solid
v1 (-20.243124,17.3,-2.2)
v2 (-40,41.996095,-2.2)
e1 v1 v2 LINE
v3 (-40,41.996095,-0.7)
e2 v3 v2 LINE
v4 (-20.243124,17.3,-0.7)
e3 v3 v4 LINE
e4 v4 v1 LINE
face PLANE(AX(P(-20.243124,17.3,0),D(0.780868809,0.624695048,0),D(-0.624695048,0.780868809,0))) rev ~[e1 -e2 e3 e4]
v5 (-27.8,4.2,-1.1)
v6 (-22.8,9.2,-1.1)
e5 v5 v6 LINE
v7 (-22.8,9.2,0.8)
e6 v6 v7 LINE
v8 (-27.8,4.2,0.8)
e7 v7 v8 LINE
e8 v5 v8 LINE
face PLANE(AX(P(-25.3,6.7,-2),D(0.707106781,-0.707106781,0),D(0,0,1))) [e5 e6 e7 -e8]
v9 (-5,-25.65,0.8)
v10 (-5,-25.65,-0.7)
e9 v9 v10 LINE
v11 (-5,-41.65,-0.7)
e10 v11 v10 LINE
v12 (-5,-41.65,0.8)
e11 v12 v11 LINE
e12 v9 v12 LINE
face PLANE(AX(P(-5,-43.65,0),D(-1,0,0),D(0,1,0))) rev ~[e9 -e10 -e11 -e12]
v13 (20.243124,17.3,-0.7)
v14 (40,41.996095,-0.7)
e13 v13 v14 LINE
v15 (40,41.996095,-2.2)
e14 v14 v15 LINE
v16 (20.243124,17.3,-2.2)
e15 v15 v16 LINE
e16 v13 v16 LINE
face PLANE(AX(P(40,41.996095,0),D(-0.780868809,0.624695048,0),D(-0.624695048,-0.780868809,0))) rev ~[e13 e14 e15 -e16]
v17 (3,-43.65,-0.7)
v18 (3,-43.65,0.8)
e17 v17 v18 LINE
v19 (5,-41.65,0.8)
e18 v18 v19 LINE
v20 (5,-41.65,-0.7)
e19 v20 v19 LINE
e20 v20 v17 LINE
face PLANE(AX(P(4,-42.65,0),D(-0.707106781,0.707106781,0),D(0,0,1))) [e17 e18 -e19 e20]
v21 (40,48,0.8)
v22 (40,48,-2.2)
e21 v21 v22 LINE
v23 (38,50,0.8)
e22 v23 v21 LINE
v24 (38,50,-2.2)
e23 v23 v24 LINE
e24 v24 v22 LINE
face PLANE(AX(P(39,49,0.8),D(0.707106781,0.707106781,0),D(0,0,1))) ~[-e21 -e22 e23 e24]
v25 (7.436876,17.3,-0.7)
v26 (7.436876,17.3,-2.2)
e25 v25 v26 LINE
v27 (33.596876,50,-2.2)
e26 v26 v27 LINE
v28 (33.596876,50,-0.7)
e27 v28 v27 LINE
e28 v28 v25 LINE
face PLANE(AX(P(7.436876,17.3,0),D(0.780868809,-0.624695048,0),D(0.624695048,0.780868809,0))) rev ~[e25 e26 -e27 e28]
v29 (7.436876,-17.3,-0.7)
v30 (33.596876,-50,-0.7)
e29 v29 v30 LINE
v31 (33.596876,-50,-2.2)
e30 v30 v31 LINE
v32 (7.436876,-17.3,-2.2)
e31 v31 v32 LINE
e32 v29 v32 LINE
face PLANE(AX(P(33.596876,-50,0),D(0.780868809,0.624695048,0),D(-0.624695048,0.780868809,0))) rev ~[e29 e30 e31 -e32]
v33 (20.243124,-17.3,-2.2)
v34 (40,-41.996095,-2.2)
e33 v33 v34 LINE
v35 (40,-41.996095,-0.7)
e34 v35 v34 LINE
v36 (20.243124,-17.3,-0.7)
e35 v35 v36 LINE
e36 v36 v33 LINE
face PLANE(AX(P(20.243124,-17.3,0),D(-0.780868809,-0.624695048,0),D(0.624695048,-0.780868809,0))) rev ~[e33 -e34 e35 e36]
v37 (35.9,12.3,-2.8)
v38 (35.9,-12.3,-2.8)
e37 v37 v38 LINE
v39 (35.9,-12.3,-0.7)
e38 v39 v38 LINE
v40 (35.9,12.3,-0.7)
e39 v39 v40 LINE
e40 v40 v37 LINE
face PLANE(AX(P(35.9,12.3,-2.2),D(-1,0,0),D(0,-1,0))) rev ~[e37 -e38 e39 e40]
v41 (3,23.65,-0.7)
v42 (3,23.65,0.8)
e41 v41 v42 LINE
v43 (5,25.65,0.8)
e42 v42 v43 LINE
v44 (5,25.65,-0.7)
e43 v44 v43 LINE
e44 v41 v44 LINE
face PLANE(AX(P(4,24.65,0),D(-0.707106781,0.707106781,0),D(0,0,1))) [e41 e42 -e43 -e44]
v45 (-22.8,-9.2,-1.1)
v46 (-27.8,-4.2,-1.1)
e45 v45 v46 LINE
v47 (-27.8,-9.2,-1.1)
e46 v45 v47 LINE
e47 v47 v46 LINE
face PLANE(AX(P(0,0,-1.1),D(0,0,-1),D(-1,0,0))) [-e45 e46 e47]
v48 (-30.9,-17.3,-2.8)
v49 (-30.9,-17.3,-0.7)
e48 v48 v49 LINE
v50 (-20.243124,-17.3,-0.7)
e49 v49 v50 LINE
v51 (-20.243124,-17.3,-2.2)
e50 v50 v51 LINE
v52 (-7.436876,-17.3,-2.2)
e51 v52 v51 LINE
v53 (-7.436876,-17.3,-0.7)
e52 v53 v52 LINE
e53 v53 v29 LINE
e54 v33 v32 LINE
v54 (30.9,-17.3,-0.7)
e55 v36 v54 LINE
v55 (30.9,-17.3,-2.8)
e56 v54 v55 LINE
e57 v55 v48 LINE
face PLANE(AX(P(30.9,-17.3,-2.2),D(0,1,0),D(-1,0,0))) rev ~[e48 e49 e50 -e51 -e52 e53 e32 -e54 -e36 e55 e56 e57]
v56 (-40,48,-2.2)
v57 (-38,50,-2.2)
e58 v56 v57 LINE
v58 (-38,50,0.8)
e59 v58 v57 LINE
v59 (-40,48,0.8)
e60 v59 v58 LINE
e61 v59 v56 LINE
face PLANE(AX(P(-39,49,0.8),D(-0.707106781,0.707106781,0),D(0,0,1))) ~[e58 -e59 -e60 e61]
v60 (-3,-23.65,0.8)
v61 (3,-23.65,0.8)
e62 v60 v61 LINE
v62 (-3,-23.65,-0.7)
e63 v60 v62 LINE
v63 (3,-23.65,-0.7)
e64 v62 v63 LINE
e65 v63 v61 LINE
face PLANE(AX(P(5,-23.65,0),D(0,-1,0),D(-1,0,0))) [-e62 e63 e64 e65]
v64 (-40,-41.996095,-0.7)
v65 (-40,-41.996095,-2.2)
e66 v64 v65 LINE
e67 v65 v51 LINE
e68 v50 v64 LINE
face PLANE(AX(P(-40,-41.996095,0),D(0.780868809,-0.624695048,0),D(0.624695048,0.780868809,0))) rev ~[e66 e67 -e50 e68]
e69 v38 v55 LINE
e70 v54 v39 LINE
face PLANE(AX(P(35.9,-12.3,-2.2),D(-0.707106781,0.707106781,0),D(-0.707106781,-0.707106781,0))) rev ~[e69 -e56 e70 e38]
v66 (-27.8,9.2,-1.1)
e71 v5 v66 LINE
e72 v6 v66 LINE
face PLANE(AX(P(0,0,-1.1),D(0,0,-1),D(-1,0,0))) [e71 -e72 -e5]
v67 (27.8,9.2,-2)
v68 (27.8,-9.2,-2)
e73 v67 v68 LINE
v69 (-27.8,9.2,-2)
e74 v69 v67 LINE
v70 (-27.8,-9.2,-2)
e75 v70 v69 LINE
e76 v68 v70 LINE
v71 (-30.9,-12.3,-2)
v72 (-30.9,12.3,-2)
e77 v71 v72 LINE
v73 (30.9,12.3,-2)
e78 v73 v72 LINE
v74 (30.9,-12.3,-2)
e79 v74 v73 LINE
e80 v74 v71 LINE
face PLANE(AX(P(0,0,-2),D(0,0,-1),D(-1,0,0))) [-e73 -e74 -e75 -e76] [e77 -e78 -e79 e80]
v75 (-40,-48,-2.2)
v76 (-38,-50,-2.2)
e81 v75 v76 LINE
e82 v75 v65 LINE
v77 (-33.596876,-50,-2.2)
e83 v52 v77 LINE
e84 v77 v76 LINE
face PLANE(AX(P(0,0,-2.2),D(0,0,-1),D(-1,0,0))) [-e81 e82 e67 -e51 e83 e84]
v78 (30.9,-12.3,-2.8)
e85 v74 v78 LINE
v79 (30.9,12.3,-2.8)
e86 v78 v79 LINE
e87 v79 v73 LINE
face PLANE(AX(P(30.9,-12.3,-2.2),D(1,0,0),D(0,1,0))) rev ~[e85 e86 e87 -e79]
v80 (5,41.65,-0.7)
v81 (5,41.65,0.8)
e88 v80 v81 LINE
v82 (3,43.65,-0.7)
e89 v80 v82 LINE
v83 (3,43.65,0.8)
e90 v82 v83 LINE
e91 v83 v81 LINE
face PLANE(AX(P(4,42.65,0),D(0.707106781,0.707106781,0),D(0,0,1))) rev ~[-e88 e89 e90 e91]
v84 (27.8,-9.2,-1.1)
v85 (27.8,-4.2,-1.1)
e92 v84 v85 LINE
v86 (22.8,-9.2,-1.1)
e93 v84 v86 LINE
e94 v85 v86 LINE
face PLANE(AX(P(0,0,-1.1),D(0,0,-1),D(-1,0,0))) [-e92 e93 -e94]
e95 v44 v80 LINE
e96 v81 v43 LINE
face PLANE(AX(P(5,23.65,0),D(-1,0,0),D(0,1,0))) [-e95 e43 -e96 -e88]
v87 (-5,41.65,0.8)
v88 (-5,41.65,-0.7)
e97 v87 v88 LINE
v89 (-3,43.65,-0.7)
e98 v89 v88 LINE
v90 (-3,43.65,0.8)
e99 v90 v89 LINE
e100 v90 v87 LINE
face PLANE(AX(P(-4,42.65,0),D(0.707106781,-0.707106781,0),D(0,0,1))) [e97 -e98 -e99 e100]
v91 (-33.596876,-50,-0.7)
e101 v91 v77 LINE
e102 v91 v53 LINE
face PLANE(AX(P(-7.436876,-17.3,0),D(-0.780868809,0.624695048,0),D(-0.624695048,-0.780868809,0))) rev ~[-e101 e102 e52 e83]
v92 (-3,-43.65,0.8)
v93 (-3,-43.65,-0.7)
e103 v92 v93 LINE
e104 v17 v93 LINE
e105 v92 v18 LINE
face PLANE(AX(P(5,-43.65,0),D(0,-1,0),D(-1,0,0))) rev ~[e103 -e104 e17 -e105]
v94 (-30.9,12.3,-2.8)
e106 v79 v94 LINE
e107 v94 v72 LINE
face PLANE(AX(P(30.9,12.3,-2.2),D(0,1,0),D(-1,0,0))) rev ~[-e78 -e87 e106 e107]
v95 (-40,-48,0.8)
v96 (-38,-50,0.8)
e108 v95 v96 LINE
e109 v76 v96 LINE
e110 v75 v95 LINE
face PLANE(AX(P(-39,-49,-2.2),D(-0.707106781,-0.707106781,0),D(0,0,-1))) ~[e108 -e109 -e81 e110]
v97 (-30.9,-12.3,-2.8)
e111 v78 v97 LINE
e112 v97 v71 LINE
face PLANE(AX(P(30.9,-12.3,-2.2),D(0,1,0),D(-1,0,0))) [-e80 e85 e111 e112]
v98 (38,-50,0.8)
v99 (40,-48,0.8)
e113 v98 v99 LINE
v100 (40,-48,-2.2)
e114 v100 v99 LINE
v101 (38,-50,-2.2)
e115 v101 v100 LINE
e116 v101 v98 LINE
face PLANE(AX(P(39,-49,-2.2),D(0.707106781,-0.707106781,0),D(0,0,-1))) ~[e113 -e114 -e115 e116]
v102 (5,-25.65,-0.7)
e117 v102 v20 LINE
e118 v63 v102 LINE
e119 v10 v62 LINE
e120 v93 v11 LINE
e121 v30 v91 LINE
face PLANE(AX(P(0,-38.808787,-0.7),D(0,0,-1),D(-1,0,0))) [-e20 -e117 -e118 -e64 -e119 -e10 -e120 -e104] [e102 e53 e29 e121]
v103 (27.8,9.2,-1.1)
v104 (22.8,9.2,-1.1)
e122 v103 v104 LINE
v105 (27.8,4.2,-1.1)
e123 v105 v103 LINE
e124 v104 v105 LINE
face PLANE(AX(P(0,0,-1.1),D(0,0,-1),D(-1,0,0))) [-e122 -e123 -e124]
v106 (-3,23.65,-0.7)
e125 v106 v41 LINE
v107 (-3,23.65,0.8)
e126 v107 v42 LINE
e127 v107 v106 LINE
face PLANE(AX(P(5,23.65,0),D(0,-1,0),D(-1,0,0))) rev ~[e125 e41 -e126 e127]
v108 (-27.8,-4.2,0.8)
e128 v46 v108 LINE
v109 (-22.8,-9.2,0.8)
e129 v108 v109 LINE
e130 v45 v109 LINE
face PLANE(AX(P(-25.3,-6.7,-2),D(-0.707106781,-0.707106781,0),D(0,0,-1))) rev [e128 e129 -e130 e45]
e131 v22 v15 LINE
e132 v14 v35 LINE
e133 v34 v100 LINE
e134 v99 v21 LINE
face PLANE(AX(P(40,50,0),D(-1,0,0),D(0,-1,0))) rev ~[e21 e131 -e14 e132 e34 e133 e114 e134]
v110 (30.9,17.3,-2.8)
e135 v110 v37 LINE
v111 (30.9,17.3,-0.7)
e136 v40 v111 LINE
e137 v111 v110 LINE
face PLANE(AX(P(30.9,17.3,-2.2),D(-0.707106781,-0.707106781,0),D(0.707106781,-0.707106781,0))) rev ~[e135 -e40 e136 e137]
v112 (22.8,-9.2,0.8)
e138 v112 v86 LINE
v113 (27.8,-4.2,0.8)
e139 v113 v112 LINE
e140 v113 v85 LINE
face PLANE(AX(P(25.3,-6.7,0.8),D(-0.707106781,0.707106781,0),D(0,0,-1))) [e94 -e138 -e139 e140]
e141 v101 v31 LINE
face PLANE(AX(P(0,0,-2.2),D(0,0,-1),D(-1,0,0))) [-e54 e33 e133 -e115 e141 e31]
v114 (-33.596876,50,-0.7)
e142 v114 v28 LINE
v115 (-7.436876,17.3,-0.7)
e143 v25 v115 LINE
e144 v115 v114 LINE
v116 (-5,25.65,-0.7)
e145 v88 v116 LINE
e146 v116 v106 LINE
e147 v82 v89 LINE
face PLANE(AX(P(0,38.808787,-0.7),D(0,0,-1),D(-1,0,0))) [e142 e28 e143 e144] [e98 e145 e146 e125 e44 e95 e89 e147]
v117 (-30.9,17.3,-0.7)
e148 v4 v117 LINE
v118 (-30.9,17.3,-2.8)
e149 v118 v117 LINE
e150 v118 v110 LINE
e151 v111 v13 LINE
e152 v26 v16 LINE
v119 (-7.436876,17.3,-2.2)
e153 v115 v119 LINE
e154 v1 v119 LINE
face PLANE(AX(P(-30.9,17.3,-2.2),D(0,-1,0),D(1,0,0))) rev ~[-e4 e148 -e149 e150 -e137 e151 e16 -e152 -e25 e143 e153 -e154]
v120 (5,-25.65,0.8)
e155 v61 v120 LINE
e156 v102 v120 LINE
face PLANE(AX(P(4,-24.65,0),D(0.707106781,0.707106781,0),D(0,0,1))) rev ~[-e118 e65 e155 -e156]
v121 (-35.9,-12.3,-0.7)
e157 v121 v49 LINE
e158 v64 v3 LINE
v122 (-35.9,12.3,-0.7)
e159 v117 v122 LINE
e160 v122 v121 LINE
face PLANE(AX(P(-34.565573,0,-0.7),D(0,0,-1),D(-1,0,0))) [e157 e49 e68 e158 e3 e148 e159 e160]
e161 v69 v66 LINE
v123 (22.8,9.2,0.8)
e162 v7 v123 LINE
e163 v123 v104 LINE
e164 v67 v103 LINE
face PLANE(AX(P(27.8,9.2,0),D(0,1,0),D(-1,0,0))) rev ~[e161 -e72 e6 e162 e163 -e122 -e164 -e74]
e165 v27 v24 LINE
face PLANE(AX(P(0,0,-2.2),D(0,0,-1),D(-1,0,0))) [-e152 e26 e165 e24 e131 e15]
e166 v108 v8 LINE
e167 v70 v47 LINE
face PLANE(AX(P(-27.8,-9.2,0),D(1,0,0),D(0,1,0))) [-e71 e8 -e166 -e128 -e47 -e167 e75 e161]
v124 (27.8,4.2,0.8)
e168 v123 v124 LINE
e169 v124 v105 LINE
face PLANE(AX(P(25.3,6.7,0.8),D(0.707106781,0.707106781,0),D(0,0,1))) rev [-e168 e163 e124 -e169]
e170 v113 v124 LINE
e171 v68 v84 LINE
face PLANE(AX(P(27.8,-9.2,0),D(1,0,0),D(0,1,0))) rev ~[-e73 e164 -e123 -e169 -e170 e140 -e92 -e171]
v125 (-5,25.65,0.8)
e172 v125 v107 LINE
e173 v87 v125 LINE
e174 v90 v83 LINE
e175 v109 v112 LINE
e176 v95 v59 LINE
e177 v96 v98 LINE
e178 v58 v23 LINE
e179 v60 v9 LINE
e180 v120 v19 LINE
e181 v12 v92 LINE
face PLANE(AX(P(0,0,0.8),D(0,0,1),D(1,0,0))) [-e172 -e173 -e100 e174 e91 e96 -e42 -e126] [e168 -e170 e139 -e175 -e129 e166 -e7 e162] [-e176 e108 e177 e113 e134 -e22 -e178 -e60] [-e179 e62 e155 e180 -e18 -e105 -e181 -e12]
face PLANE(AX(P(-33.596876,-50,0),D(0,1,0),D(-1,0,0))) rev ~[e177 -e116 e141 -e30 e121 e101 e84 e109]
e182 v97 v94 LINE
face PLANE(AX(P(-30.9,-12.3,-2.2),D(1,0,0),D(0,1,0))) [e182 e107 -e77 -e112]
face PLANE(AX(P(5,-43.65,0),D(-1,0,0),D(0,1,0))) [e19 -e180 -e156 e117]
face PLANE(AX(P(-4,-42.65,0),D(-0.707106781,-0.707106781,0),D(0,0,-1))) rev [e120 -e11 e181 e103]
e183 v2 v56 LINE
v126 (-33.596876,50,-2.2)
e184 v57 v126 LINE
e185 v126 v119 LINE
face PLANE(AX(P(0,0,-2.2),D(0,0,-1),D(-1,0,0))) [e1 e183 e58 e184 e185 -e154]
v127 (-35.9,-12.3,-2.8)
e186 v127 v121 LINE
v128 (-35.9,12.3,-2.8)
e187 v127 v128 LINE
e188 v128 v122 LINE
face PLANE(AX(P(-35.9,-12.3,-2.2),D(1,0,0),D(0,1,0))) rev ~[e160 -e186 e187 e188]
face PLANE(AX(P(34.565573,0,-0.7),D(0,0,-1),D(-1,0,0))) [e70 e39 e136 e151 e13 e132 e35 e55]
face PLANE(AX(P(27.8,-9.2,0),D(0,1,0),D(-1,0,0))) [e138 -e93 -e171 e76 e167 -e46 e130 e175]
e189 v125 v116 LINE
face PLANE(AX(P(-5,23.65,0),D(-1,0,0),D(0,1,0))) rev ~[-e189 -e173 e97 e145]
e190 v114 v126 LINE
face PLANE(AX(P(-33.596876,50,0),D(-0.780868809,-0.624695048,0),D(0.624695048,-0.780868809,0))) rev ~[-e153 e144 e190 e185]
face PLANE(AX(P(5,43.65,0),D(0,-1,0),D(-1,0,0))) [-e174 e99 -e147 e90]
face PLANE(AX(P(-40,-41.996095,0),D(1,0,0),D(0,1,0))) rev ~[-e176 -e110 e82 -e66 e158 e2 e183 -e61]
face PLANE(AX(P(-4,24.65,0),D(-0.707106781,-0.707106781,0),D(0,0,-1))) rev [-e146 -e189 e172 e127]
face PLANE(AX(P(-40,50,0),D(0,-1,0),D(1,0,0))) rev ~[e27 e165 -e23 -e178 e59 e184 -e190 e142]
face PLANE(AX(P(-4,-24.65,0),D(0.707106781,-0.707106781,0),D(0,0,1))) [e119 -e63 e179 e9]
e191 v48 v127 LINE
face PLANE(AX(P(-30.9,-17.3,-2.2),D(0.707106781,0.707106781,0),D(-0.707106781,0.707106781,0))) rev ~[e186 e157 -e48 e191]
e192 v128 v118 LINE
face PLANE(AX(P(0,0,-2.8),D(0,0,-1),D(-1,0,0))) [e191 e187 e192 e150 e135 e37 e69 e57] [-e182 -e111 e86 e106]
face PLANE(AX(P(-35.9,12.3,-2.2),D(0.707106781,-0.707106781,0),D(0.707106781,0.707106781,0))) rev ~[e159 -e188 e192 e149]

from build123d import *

# Parameters (mm, degrees)
ESBO_O2_W                = 80
ESBO_O2_H                = 100
ESBO_O2_W_2              = 55.6
ESBO_O2_H_2              = 18.4
RESSALTO_EXTRUS_O1_DEPTH = 0.8
RESSALTO_EXTRUS_O2_DEPTH = 2.2
CHANFRO3_SIZE            = 5
ESBO_O5_W                = 10
ESBO_O5_H                = 20
CORTE_EXTRUS_O1_DEPTH    = 10
CHANFRO4_SIZE            = 2
CHANFRO5_SIZE            = 2
RESSALTO_EXTRUS_O3_DEPTH = 0.7
ESBO_O7_W                = 61.8
ESBO_O7_H                = 24.6
ESBO_O7_W_2              = 55.6
ESBO_O7_H_2              = 18.4
RESSALTO_EXTRUS_O4_DEPTH = 2
ESBO_O8_W                = 61.8
ESBO_O8_H                = 24.6
RESSALTO_EXTRUS_O5_DEPTH = 0.6
CHANFRO6_SIZE            = 5
ESBO_O11_W               = 55.6
ESBO_O11_H               = 18.4
CORTE_EXTRUS_O2_DEPTH    = 0.9


with BuildPart() as part:
    # Esboço2 → Ressalto-extrusão1 (new body)
    with BuildSketch(Plane.XY):
        Rectangle(ESBO_O2_W, ESBO_O2_H)
        Rectangle(ESBO_O2_W_2, ESBO_O2_H_2, mode=Mode.SUBTRACT)
    extrude(amount=RESSALTO_EXTRUS_O1_DEPTH)

    # Esboço4 → Ressalto-extrusão2 (add)
    with BuildSketch(Plane(origin=(0, 0, 0), x_dir=(-1, 0, 0), z_dir=(0, 0, -1))):
        Polygon((40, -41.996094703), (20.243124237, -17.3), (35.9, -17.3), (35.9, 17.3), (20.243124237, 17.3), (40, 41.996094703), (40, 50), (33.596875763, 50), (7.436875763, 17.3), (-7.436875763, 17.3), (-33.596875763, 50), (-40, 50), (-40, 41.996094703), (-20.243124237, 17.3), (-35.9, 17.3), (-35.9, -17.3), (-20.243124237, -17.3), (-40, -41.996094703), (-40, -50), (-33.596875763, -50), (-7.436875763, -17.3), (7.436875763, -17.3), (33.596875763, -50), (40, -50), align=None)
        Polygon((3.436875763, 12.3), (5, 12.3), (16.243124237, 12.3), (30.9, 12.3), (30.9, -12.3), (16.243124237, -12.3), (5, -12.3), (3.436875763, -12.3), (-3.436875763, -12.3), (-5, -12.3), (-16.243124237, -12.3), (-30.9, -12.3), (-30.9, 12.3), (-16.243124237, 12.3), (-5, 12.3), (-2.810379517, 12.3), align=None, mode=Mode.SUBTRACT)
    extrude(amount=RESSALTO_EXTRUS_O2_DEPTH)

    # Chanfro3
    chanfro3_edges = [part.edges().sort_by_distance(p)[0] for p in [
        (-35.9, 17.3, -1.1),
        (35.9, 17.3, -1.1),
        (35.9, -17.3, -1.1),
        (-35.9, -17.3, -1.1),
    ]]
    chamfer(chanfro3_edges, length=CHANFRO3_SIZE)

    # Esboço5 → Corte-extrusão1 (cut)
    with BuildSketch(Plane(origin=(0, 0, 0), x_dir=(-1, 0, 0), z_dir=(0, 0, -1))):
        with Locations((0, 33.65)):
            Rectangle(ESBO_O5_W, ESBO_O5_H)
        with Locations((0, -33.65)):
            Rectangle(ESBO_O5_W, ESBO_O5_H)
    extrude(amount=-CORTE_EXTRUS_O1_DEPTH, mode=Mode.SUBTRACT)

    # Chanfro4
    chanfro4_edges = [part.edges().sort_by_distance(p)[0] for p in [
        (-5, 43.65, 0.4),
        (-5, 23.65, 0.4),
        (5, 23.65, 0.4),
        (5, 43.65, 0.4),
        (-5, -23.65, 0.4),
        (-5, -43.65, 0.4),
        (5, -43.65, 0.4),
        (5, -23.65, 0.4),
    ]]
    chamfer(chanfro4_edges, length=CHANFRO4_SIZE)

    # Chanfro5
    chanfro5_edges = [part.edges().sort_by_distance(p)[0] for p in [
        (-40, 50, -0.7),
        (40, 50, -0.7),
        (40, -50, -0.7),
        (-40, -50, -0.7),
    ]]
    chamfer(chanfro5_edges, length=CHANFRO5_SIZE)

    # Esboço6 → Ressalto-extrusão3 (add)
    # profile 1 of 4: a face of its own
    with BuildSketch(Plane(origin=(0, 0, 0), x_dir=(-1, 0, 0), z_dir=(0, 0, -1))):
        Polygon((30.9, -17.3), (20.243124237, -17.3), (40, -41.996094703), (40, 41.996094703), (20.243124237, 17.3), (30.9, 17.3), (35.9, 12.3), (35.9, -12.3), align=None)
    # profile 2 of 4: a face of its own
    with BuildSketch(Plane(origin=(0, 0, 0), x_dir=(-1, 0, 0), z_dir=(0, 0, -1))):
        Polygon((33.596875763, 50), (-33.596875763, 50), (-7.436875763, 17.3), (7.436875763, 17.3), align=None)
        Polygon((3, 43.65), (5, 41.65), (5, 25.65), (3, 23.65), (-3, 23.65), (-5, 25.65), (-5, 41.65), (-3, 43.65), align=None, mode=Mode.SUBTRACT)
    # profile 3 of 4: a face of its own
    with BuildSketch(Plane(origin=(0, 0, 0), x_dir=(-1, 0, 0), z_dir=(0, 0, -1))):
        Polygon((-40, -41.996094703), (-20.243124237, -17.3), (-30.9, -17.3), (-35.9, -12.3), (-35.9, 12.3), (-30.9, 17.3), (-20.243124237, 17.3), (-40, 41.996094703), align=None)
    # profile 4 of 4: a face of its own
    with BuildSketch(Plane(origin=(0, 0, 0), x_dir=(-1, 0, 0), z_dir=(0, 0, -1))):
        Polygon((33.596875763, -50), (7.436875763, -17.3), (-7.436875763, -17.3), (-33.596875763, -50), align=None)
        Polygon((-5, -25.65), (-5, -41.65), (-3, -43.65), (3, -43.65), (5, -41.65), (5, -25.65), (3, -23.65), (-3, -23.65), align=None, mode=Mode.SUBTRACT)
    extrude(amount=RESSALTO_EXTRUS_O3_DEPTH)

    # Esboço7 → Ressalto-extrusão4 (add)
    with BuildSketch(Plane(origin=(0, 0, 0), x_dir=(-1, 0, 0), z_dir=(0, 0, -1))):
        Rectangle(ESBO_O7_W, ESBO_O7_H)
        Rectangle(ESBO_O7_W_2, ESBO_O7_H_2, mode=Mode.SUBTRACT)
    extrude(amount=RESSALTO_EXTRUS_O4_DEPTH)

    # Esboço8 → Ressalto-extrusão5 (add)
    with BuildSketch(Plane(origin=(0, 0, -2.2), x_dir=(-1, 0, 0), z_dir=(0, 0, -1))):
        Polygon((30.9, 17.3), (-30.9, 17.3), (-35.9, 12.3), (-35.9, -12.3), (-30.9, -17.3), (30.9, -17.3), (35.9, -12.3), (35.9, 12.3), align=None)
        Rectangle(ESBO_O8_W, ESBO_O8_H, mode=Mode.SUBTRACT)
    extrude(amount=RESSALTO_EXTRUS_O5_DEPTH)

    # Chanfro6
    chanfro6_edges = [part.edges().sort_by_distance(p)[0] for p in [
        (-27.8, -9.2, -0.6),
        (27.8, -9.2, -0.6),
        (27.8, 9.2, -0.6),
        (-27.8, 9.2, -0.6),
    ]]
    chamfer(chanfro6_edges, length=CHANFRO6_SIZE)

    # Esboço11 → Corte-extrusão2 (cut)
    with BuildSketch(Plane(origin=(0, 0, -2), x_dir=(-1, 0, 0), z_dir=(0, 0, -1))):
        Rectangle(ESBO_O11_W, ESBO_O11_H)
    extrude(amount=-CORTE_EXTRUS_O2_DEPTH, mode=Mode.SUBTRACT)


solid = part.part
